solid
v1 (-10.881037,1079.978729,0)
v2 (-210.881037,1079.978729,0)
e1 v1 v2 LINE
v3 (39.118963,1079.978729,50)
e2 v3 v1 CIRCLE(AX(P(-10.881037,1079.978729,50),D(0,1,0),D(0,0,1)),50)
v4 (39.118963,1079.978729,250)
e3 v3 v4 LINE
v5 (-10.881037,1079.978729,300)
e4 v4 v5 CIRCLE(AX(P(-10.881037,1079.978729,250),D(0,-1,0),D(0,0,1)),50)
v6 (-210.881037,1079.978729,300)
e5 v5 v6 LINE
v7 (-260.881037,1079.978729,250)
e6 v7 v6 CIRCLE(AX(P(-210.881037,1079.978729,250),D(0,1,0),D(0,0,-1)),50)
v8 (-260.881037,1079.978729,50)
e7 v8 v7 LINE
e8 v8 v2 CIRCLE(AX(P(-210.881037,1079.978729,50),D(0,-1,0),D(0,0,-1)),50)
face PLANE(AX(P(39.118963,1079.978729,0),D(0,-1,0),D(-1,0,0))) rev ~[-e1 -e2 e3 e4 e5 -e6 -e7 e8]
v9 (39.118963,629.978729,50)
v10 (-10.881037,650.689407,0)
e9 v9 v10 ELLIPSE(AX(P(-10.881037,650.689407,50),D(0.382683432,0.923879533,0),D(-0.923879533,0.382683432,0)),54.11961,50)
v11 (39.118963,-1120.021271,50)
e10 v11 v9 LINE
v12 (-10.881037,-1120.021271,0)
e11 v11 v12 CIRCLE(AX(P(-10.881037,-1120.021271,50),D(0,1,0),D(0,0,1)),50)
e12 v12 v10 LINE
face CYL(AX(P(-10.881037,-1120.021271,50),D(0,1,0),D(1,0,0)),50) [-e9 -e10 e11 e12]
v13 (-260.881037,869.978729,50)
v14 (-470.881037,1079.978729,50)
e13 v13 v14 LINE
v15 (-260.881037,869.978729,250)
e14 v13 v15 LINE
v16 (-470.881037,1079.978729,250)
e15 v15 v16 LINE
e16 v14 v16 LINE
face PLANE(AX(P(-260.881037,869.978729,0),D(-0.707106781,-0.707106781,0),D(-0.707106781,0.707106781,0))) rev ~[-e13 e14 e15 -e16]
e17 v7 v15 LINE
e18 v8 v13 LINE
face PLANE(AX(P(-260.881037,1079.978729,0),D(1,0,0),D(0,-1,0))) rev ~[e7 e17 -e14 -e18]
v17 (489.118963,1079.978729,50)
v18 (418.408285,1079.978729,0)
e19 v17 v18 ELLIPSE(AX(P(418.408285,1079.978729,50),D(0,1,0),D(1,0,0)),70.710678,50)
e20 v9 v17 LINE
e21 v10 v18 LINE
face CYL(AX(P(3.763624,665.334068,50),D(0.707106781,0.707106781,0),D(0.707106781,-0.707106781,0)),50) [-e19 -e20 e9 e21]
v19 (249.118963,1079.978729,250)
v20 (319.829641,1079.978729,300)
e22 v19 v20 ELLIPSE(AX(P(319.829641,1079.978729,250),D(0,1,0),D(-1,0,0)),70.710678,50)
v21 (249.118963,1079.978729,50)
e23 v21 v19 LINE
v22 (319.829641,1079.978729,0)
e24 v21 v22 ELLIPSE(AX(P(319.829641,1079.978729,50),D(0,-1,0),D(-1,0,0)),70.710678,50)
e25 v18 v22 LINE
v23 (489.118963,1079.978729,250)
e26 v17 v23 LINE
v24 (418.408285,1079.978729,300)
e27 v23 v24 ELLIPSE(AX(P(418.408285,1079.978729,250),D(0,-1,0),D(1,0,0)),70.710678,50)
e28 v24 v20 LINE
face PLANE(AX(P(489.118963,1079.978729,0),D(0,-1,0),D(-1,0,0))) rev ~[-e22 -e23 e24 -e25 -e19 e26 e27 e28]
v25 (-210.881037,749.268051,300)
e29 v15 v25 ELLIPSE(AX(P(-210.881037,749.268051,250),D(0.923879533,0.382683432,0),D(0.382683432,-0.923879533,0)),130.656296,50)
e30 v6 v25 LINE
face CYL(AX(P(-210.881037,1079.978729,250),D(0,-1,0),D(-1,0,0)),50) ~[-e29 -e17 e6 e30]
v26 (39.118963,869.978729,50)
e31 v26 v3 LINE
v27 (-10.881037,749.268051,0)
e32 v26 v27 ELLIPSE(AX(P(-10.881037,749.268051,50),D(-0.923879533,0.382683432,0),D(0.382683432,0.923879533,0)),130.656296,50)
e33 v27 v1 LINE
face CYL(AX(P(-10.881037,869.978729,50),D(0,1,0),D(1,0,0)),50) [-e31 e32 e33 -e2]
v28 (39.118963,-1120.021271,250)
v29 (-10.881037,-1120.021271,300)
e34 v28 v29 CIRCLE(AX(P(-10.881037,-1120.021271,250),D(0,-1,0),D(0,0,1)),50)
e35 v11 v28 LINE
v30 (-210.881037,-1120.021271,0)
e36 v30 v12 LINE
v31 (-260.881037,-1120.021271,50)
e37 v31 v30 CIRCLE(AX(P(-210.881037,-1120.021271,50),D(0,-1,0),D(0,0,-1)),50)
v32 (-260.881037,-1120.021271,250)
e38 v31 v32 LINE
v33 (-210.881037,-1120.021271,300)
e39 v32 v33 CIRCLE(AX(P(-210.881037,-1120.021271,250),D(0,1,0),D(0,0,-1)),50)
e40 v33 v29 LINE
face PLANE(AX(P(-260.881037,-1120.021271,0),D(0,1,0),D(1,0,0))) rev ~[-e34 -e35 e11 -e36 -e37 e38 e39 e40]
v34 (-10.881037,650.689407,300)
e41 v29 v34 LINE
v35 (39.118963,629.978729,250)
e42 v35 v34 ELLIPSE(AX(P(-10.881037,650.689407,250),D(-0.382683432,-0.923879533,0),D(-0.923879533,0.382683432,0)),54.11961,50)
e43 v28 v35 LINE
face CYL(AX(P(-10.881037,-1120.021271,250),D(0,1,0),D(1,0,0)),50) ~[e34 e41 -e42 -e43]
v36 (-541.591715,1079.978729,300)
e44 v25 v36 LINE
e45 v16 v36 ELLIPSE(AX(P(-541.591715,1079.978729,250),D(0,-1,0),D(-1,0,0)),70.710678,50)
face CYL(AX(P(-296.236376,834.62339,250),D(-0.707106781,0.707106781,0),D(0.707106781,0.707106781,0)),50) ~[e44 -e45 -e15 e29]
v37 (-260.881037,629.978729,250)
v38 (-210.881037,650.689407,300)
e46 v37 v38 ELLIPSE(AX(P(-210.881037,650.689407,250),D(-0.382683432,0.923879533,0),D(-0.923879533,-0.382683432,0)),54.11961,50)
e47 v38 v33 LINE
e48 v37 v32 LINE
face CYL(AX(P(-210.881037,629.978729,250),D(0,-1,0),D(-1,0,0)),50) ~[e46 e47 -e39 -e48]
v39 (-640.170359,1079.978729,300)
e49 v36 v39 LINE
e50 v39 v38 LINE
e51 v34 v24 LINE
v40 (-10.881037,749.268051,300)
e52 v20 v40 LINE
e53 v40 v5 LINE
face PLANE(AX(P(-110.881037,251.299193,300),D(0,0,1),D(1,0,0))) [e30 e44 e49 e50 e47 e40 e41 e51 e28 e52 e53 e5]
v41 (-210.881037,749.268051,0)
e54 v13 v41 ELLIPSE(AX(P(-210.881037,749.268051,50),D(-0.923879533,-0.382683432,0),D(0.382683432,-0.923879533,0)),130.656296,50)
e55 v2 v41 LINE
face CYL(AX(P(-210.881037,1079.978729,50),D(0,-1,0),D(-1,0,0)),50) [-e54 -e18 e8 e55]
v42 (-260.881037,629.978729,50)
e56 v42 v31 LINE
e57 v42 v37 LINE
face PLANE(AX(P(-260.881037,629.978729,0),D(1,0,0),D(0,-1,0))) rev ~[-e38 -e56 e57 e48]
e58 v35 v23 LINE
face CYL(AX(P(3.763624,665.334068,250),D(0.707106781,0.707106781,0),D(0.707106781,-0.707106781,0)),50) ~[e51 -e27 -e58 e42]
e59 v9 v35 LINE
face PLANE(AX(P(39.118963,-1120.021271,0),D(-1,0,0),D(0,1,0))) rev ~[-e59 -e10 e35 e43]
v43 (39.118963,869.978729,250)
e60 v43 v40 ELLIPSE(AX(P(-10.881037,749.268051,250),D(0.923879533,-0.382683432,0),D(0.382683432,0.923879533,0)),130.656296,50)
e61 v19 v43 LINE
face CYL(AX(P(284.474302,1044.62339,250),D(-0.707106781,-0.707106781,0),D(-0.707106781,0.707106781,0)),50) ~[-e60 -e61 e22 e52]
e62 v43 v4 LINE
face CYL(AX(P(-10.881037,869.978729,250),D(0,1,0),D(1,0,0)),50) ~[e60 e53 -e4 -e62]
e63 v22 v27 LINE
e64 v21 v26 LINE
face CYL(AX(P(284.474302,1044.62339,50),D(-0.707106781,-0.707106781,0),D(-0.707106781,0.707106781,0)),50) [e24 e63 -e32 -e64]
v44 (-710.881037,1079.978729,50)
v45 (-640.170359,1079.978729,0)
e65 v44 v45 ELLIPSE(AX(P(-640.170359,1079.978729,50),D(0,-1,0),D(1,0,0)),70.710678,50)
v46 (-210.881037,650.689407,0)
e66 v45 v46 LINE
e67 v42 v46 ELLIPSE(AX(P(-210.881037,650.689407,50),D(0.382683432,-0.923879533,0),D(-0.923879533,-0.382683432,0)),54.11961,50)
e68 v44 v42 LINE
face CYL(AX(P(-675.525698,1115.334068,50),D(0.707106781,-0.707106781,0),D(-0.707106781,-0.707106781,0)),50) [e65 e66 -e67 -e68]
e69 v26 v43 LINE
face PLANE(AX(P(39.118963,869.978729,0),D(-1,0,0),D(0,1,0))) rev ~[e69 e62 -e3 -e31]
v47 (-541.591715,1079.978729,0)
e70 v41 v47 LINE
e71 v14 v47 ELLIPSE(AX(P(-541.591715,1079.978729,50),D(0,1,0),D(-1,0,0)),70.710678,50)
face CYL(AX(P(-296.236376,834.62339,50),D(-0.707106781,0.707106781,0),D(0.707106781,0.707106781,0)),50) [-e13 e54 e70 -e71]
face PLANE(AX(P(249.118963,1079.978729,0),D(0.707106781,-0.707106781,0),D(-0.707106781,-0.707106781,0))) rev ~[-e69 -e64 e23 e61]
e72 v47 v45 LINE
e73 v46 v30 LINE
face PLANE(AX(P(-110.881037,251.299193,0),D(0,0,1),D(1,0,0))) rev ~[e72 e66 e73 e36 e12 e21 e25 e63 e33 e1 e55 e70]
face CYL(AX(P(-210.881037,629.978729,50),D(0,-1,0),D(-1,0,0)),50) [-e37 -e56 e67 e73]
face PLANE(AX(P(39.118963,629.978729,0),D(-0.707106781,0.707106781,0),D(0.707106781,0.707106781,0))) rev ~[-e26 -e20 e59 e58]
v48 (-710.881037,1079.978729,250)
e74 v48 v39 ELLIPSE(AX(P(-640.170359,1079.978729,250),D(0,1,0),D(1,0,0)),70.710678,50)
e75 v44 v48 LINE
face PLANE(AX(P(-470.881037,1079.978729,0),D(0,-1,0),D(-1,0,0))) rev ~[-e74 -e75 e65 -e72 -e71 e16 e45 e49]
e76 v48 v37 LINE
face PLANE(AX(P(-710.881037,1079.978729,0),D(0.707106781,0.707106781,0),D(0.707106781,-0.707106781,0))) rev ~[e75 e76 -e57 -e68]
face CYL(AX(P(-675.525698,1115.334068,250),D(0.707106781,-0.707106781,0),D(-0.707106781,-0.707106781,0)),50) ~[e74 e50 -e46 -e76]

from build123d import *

# Parameters (mm, degrees)
F1_DEPTH = 300
F2_R     = 50


with BuildPart() as f1:
    # F0 (on Top) → F1 (new body)
    with BuildSketch(Plane.XY):
        Polygon((-260.881037, 629.978729), (-260.881037, -1120.021271), (39.118963, -1120.021271), (39.118963, 629.978729), (489.118963, 1079.978729), (249.118963, 1079.978729), (39.118963, 869.978729), (39.118963, 1079.978729), (-260.881037, 1079.978729), (-260.881037, 869.978729), (-470.881037, 1079.978729), (-710.881037, 1079.978729), align=None)
    extrude(amount=F1_DEPTH)

    # F2
    f2_edges = [f1.edges().sort_by_distance(p)[0] for p in [
        (-260.881037, -245.021271, 300),
        (39.118963, -245.021271, 300),
        (39.118963, -245.021271, 0),
        (-260.881037, -245.021271, 0),
        (39.118963, 974.978729, 0),
        (-260.881037, 974.978729, 0),
        (39.118963, 974.978729, 300),
        (-260.881037, 974.978729, 300),
        (-365.881037, 974.978729, 300),
        (-485.881037, 854.978729, 300),
        (264.118963, 854.978729, 300),
        (264.118963, 854.978729, 0),
        (144.118963, 974.978729, 0),
        (-365.881037, 974.978729, 0),
        (-485.881037, 854.978729, 0),
        (144.118963, 974.978729, 300),
    ]]
    fillet(f2_edges, radius=F2_R)


solid = f1.part
